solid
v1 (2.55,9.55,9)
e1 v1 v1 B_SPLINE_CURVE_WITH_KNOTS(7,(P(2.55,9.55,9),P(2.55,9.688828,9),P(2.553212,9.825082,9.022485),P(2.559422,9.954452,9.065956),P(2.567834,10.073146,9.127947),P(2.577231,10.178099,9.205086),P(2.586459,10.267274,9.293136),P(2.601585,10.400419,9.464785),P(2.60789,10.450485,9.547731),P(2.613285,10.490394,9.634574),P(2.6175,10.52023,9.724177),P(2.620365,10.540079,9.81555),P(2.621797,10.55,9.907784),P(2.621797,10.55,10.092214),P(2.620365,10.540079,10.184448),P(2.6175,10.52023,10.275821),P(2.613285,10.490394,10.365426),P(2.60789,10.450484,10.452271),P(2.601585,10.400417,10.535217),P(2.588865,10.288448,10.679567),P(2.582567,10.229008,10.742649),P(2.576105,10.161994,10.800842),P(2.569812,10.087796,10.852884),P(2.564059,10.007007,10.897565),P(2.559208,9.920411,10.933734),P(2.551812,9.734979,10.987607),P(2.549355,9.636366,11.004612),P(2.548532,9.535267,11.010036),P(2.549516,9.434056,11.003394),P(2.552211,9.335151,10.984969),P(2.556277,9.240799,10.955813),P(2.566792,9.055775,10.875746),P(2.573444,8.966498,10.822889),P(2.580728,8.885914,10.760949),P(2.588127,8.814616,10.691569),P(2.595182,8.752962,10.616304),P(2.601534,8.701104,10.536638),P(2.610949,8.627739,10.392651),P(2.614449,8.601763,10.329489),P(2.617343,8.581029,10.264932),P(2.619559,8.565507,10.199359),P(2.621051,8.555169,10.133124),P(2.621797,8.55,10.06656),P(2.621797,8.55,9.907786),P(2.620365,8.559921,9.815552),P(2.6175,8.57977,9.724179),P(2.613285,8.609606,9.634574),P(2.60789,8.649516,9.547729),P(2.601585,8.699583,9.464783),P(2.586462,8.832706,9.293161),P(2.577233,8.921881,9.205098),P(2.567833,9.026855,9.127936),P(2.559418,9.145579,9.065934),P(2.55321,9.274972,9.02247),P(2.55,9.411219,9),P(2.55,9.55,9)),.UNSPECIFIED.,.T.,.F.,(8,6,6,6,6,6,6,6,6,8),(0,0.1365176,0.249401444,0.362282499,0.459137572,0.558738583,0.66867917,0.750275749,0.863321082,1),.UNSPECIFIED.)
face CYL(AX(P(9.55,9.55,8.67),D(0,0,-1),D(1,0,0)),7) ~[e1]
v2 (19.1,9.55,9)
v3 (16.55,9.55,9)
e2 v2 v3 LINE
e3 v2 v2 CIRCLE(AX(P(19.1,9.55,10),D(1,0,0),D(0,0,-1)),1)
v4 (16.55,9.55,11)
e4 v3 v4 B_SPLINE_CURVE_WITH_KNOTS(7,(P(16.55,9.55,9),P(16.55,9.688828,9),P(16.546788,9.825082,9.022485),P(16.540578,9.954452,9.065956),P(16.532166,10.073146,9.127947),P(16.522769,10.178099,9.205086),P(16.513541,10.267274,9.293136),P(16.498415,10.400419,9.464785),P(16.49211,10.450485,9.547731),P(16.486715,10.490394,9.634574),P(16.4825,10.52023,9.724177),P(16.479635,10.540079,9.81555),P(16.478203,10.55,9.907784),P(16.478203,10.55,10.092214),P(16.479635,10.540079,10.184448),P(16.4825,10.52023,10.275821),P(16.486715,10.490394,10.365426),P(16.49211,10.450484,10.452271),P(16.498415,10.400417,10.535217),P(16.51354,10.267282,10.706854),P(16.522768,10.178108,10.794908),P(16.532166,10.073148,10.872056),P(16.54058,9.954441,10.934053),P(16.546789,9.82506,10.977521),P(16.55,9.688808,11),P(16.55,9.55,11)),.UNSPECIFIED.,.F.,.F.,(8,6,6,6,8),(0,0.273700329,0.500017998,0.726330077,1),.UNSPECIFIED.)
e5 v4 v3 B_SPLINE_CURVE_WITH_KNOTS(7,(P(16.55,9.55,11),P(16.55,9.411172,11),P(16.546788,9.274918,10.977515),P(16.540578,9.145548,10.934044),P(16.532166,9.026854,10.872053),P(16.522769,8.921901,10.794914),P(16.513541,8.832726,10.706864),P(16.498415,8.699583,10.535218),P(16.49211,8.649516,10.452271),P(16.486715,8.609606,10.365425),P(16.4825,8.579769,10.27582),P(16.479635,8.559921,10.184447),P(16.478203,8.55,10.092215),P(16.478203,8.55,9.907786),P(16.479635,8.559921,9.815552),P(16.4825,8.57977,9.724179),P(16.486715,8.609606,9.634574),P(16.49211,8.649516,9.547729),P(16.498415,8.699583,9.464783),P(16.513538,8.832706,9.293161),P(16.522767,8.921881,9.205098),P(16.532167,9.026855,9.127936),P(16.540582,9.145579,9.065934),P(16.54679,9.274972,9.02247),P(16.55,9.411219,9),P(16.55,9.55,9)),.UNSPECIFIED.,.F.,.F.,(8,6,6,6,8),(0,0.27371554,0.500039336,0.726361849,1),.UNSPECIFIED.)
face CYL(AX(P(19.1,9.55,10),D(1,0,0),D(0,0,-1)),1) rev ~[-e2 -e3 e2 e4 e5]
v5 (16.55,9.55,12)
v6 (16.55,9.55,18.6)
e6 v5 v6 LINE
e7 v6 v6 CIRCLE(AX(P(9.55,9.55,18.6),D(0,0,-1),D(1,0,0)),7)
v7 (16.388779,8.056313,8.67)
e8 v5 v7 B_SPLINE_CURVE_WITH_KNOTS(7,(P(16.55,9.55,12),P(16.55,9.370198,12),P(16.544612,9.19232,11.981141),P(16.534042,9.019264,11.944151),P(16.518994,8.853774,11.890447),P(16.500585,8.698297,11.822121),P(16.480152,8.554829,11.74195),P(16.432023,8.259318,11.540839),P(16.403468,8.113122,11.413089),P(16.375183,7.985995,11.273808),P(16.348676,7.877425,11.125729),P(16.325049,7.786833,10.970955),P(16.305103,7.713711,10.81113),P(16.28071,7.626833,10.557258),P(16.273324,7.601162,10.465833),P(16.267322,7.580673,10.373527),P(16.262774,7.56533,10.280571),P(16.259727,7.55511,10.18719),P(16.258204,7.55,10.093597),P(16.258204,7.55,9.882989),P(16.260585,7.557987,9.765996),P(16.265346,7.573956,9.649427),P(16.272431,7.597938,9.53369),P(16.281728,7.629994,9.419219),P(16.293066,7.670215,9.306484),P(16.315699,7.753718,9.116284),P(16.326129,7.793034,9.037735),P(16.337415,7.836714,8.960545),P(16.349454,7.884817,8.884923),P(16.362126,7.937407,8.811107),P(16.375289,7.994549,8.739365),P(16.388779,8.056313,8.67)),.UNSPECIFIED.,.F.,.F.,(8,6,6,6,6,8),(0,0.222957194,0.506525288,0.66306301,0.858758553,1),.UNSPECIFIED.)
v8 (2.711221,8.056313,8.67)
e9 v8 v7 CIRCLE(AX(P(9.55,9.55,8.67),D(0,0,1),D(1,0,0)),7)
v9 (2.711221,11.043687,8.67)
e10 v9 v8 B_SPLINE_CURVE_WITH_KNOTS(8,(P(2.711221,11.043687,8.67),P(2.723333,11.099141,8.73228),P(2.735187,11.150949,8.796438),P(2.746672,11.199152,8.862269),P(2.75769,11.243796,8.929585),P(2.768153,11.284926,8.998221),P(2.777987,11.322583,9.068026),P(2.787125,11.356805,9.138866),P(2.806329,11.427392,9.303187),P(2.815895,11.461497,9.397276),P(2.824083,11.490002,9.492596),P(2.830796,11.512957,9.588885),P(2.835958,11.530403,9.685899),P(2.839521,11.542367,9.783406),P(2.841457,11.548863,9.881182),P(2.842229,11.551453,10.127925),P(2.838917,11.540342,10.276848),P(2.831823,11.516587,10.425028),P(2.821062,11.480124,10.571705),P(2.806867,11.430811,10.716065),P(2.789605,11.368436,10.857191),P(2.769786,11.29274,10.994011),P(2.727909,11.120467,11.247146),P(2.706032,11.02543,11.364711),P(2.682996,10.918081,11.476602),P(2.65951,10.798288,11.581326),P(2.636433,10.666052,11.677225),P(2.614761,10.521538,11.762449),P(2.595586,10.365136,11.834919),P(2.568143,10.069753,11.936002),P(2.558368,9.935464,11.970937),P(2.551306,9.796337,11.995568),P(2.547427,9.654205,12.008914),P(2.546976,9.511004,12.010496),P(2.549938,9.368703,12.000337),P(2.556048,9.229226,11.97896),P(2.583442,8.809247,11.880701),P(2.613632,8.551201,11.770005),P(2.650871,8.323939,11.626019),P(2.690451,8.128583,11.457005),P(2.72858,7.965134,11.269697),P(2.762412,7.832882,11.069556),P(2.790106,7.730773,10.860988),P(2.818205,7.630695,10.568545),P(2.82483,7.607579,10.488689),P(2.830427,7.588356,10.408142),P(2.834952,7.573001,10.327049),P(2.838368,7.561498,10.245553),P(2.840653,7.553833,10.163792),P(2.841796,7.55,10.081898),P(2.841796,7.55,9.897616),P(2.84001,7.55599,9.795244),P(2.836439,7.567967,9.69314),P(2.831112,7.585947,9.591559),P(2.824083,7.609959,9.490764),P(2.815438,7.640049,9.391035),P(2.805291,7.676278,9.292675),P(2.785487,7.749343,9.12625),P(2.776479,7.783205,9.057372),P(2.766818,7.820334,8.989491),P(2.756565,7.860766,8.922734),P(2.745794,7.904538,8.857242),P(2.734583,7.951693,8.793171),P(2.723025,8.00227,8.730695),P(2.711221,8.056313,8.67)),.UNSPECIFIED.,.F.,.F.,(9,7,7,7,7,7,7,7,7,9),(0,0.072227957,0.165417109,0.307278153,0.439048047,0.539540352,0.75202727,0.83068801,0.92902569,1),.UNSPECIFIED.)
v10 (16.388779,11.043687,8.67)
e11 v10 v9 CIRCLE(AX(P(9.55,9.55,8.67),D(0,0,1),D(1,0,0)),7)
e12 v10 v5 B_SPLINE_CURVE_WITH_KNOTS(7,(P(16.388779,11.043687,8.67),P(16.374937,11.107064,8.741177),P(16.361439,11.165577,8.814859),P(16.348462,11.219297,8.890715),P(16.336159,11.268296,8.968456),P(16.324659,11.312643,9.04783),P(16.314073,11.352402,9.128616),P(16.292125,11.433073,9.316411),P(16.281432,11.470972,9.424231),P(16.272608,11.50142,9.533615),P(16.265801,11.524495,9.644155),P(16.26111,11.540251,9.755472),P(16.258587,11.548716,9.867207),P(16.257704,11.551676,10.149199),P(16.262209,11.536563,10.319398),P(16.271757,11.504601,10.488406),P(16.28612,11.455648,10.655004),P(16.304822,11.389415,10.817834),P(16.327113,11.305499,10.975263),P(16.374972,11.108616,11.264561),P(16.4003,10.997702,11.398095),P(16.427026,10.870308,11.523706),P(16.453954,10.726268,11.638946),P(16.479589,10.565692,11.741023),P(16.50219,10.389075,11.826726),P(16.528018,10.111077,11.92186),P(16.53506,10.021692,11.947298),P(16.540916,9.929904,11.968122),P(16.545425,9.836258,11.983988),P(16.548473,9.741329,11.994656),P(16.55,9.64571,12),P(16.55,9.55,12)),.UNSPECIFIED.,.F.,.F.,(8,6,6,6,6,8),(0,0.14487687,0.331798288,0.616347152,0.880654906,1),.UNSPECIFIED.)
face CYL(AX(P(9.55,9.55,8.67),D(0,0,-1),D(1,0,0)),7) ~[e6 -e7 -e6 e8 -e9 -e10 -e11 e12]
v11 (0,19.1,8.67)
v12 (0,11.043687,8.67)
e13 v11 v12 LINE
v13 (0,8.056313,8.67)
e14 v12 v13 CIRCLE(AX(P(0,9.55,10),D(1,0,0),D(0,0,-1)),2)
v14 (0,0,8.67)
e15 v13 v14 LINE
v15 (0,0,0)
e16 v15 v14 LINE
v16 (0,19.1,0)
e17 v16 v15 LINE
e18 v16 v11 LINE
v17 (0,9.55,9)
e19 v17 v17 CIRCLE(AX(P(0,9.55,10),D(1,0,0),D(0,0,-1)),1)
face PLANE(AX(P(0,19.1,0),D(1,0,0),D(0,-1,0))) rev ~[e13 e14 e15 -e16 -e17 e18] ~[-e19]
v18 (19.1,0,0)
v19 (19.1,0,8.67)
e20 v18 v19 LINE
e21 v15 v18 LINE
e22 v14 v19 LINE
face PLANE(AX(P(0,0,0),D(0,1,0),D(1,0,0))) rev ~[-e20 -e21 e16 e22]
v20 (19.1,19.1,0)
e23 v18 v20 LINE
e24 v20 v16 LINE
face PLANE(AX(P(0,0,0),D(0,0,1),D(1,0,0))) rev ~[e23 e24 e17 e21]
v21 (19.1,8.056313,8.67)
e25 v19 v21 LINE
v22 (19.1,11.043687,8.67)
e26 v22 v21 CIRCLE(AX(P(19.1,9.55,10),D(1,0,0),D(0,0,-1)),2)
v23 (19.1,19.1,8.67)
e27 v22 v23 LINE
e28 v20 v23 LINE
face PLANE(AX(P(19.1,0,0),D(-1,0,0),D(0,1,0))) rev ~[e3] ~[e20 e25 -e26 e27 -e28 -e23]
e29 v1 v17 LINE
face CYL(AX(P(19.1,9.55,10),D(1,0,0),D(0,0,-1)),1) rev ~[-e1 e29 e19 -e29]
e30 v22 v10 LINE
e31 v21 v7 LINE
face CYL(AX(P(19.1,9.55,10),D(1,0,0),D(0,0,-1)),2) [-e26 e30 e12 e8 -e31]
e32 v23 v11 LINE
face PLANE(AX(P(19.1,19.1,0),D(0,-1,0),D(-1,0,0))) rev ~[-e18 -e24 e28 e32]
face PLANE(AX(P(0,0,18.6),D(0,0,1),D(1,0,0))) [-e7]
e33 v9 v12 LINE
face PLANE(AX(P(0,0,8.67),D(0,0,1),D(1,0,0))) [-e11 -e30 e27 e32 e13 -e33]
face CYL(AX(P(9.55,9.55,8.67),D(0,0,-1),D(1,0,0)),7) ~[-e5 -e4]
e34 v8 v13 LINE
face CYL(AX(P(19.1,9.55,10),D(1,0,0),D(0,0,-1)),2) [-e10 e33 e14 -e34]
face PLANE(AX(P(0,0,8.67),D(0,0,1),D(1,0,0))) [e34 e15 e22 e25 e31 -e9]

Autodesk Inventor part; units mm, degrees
ref_plane "YZ Plane" through (0, 0, 0) normal (1, 0, 0) x (0, 1, 0)
ref_plane "XZ Plane" through (0, 0, 0) normal (0, 1, 0) x (-1, 0, 0)
ref_plane "XY Plane" through (0, 0, 0) normal (0, 0, 1) x (1, 0, 0)
sketch "Sketch1" plane through (0, 0, 0) normal (0, 0, 1) x (1, 0, 0)
  line L0 (0, 0) -> (19.1, 0)
  line L1 (19.1, 0) -> (19.1, 19.1)
  line L2 (19.1, 19.1) -> (0, 19.1)
  line L3 (0, 19.1) -> (0, 0)
  dimension "d0" = 19.1
  dimension "d1" = 19.1
extrude "Extrusion1" add sketch "Sketch1" along normal blind 8.67
sketch "Sketch2" plane through (19.1, 0, 0) normal (1, 0, 0) x (0, 0, -1)
  line L0 (0, 0) -> (0, 19.1) projected
  line L1 (0, 19.1) -> (-8.67, 19.1) projected
  line L2 (-8.67, 0) -> (-8.67, 19.1) projected
  line L3 (0, 0) -> (-8.67, 0) projected
  line L4 (0, 0) -> (0, 19.1) construction
  line L5 (0, 9.55) -> (-11, 9.55) construction
  line L6 (-11, 9.55) -> (-11, 16.3311) construction
  circle A0 centre (-10, 9.55) radius 1
  circle A1 centre (-10, 9.55) radius 2
  point P0 (-8.67, 11.0437)
  point P1 (-8.67, 8.0563)
  dimension "d4" = 11
  dimension "d5" = 2
  dimension "d6" = 4
extrude "Extrusion2" add sketch "Sketch2" against normal up to surface (19.1 mm away) contours A1 L2 picked at (-8.78, 9.55)
sketch "Sketch3" plane through (0, 0, 8.67) normal (0, 0, 1) x (1, 0, 0)
  line L0 (0, 11.0437) -> (19.1, 11.0437) projected
  line L1 (19.1, 11.0437) -> (19.1, 19.1) projected
  line L2 (19.1, 19.1) -> (0, 19.1) projected
  line L3 (0, 19.1) -> (0, 11.0437) projected
  line L4 (19.1, 8.0563) -> (0, 8.0563) projected
  line L5 (0, 8.0563) -> (0, 0) projected
  line L6 (0, 0) -> (19.1, 0) projected
  line L7 (19.1, 0) -> (19.1, 8.0563) projected
  line L8 (19.1, 19.1) -> (0, 19.1) construction
  line L9 (9.55, 19.1) -> (9.55, 0) construction
  circle A0 centre (9.55, 9.55) radius 7
  dimension "d9" = 14
extrude "Extrusion3" add sketch "Sketch3" along normal blind 9.93 contours A0 L0 | L0 A0 L4 | L4 A0
sketch "Sketch4" plane through (0, 0, 0) normal (0, -1, 0) x (1, 0, 0)
  line L0 (0, 0) -> (19.1, 0) projected
  line L1 (16.55, 18.6) -> (2.55, 18.6) projected
  dimension "d12" = 18.6
sketch "Sketch5" plane through (19.1, 0, 0) normal (1, 0, 0) x (0, 0, -1)
  line L0 (0, 0) -> (0, 19.1) projected
  line L1 (0, 9.55) -> (-151.3307, 9.55)
  line L2 (-18.6, 16.55) -> (-18.6, 2.55) projected
  line L3 (-18.6, 16.55) -> (-47.9586, 84.0702)
  line L4 (-18.6, 2.55) -> (-41.5927, -50.3296)
  dimension "d13" = 133
sketch "Sketch6" plane through (0, 19.1, 0) normal (0, 1, 0) x (1, 0, 0)
  line L0 (19.1, 0) -> (0, 0) projected
  line L1 (0, 0) -> (0, -8.67) projected
  line L2 (19.1, -8.67) -> (0, -8.67) projected
  line L3 (19.1, 0) -> (19.1, -8.67) projected
  line L4 (2.55, -18.6) -> (16.55, -18.6) projected
  line L5 (9.55, -18.6) -> (-223.0708, -119.7464)
  line L6 (9.55, -18.6) -> (332.284, -158.9287)
  line L7 (9.55, -18.6) -> (9.55, 0)
  line L8 (0, 0) -> (19.1, 0) projected
  dimension "d14" = 133
ref_plane "Work Plane1" through (0, 9.55, 0) normal (0, 1, 0) x (1, 0, 0)
sketch "Sketch7" plane through (0, 9.55, 0) normal (0, 1, 0) x (1, 0, 0)
  line L0 (9.55, -18.6) -> (-223.0708, -119.7464) projected
  line L1 (9.55, -18.6) -> (332.284, -158.9287) projected
  point P0 (0, 0)
properties part number "HDzero micro dummy"
